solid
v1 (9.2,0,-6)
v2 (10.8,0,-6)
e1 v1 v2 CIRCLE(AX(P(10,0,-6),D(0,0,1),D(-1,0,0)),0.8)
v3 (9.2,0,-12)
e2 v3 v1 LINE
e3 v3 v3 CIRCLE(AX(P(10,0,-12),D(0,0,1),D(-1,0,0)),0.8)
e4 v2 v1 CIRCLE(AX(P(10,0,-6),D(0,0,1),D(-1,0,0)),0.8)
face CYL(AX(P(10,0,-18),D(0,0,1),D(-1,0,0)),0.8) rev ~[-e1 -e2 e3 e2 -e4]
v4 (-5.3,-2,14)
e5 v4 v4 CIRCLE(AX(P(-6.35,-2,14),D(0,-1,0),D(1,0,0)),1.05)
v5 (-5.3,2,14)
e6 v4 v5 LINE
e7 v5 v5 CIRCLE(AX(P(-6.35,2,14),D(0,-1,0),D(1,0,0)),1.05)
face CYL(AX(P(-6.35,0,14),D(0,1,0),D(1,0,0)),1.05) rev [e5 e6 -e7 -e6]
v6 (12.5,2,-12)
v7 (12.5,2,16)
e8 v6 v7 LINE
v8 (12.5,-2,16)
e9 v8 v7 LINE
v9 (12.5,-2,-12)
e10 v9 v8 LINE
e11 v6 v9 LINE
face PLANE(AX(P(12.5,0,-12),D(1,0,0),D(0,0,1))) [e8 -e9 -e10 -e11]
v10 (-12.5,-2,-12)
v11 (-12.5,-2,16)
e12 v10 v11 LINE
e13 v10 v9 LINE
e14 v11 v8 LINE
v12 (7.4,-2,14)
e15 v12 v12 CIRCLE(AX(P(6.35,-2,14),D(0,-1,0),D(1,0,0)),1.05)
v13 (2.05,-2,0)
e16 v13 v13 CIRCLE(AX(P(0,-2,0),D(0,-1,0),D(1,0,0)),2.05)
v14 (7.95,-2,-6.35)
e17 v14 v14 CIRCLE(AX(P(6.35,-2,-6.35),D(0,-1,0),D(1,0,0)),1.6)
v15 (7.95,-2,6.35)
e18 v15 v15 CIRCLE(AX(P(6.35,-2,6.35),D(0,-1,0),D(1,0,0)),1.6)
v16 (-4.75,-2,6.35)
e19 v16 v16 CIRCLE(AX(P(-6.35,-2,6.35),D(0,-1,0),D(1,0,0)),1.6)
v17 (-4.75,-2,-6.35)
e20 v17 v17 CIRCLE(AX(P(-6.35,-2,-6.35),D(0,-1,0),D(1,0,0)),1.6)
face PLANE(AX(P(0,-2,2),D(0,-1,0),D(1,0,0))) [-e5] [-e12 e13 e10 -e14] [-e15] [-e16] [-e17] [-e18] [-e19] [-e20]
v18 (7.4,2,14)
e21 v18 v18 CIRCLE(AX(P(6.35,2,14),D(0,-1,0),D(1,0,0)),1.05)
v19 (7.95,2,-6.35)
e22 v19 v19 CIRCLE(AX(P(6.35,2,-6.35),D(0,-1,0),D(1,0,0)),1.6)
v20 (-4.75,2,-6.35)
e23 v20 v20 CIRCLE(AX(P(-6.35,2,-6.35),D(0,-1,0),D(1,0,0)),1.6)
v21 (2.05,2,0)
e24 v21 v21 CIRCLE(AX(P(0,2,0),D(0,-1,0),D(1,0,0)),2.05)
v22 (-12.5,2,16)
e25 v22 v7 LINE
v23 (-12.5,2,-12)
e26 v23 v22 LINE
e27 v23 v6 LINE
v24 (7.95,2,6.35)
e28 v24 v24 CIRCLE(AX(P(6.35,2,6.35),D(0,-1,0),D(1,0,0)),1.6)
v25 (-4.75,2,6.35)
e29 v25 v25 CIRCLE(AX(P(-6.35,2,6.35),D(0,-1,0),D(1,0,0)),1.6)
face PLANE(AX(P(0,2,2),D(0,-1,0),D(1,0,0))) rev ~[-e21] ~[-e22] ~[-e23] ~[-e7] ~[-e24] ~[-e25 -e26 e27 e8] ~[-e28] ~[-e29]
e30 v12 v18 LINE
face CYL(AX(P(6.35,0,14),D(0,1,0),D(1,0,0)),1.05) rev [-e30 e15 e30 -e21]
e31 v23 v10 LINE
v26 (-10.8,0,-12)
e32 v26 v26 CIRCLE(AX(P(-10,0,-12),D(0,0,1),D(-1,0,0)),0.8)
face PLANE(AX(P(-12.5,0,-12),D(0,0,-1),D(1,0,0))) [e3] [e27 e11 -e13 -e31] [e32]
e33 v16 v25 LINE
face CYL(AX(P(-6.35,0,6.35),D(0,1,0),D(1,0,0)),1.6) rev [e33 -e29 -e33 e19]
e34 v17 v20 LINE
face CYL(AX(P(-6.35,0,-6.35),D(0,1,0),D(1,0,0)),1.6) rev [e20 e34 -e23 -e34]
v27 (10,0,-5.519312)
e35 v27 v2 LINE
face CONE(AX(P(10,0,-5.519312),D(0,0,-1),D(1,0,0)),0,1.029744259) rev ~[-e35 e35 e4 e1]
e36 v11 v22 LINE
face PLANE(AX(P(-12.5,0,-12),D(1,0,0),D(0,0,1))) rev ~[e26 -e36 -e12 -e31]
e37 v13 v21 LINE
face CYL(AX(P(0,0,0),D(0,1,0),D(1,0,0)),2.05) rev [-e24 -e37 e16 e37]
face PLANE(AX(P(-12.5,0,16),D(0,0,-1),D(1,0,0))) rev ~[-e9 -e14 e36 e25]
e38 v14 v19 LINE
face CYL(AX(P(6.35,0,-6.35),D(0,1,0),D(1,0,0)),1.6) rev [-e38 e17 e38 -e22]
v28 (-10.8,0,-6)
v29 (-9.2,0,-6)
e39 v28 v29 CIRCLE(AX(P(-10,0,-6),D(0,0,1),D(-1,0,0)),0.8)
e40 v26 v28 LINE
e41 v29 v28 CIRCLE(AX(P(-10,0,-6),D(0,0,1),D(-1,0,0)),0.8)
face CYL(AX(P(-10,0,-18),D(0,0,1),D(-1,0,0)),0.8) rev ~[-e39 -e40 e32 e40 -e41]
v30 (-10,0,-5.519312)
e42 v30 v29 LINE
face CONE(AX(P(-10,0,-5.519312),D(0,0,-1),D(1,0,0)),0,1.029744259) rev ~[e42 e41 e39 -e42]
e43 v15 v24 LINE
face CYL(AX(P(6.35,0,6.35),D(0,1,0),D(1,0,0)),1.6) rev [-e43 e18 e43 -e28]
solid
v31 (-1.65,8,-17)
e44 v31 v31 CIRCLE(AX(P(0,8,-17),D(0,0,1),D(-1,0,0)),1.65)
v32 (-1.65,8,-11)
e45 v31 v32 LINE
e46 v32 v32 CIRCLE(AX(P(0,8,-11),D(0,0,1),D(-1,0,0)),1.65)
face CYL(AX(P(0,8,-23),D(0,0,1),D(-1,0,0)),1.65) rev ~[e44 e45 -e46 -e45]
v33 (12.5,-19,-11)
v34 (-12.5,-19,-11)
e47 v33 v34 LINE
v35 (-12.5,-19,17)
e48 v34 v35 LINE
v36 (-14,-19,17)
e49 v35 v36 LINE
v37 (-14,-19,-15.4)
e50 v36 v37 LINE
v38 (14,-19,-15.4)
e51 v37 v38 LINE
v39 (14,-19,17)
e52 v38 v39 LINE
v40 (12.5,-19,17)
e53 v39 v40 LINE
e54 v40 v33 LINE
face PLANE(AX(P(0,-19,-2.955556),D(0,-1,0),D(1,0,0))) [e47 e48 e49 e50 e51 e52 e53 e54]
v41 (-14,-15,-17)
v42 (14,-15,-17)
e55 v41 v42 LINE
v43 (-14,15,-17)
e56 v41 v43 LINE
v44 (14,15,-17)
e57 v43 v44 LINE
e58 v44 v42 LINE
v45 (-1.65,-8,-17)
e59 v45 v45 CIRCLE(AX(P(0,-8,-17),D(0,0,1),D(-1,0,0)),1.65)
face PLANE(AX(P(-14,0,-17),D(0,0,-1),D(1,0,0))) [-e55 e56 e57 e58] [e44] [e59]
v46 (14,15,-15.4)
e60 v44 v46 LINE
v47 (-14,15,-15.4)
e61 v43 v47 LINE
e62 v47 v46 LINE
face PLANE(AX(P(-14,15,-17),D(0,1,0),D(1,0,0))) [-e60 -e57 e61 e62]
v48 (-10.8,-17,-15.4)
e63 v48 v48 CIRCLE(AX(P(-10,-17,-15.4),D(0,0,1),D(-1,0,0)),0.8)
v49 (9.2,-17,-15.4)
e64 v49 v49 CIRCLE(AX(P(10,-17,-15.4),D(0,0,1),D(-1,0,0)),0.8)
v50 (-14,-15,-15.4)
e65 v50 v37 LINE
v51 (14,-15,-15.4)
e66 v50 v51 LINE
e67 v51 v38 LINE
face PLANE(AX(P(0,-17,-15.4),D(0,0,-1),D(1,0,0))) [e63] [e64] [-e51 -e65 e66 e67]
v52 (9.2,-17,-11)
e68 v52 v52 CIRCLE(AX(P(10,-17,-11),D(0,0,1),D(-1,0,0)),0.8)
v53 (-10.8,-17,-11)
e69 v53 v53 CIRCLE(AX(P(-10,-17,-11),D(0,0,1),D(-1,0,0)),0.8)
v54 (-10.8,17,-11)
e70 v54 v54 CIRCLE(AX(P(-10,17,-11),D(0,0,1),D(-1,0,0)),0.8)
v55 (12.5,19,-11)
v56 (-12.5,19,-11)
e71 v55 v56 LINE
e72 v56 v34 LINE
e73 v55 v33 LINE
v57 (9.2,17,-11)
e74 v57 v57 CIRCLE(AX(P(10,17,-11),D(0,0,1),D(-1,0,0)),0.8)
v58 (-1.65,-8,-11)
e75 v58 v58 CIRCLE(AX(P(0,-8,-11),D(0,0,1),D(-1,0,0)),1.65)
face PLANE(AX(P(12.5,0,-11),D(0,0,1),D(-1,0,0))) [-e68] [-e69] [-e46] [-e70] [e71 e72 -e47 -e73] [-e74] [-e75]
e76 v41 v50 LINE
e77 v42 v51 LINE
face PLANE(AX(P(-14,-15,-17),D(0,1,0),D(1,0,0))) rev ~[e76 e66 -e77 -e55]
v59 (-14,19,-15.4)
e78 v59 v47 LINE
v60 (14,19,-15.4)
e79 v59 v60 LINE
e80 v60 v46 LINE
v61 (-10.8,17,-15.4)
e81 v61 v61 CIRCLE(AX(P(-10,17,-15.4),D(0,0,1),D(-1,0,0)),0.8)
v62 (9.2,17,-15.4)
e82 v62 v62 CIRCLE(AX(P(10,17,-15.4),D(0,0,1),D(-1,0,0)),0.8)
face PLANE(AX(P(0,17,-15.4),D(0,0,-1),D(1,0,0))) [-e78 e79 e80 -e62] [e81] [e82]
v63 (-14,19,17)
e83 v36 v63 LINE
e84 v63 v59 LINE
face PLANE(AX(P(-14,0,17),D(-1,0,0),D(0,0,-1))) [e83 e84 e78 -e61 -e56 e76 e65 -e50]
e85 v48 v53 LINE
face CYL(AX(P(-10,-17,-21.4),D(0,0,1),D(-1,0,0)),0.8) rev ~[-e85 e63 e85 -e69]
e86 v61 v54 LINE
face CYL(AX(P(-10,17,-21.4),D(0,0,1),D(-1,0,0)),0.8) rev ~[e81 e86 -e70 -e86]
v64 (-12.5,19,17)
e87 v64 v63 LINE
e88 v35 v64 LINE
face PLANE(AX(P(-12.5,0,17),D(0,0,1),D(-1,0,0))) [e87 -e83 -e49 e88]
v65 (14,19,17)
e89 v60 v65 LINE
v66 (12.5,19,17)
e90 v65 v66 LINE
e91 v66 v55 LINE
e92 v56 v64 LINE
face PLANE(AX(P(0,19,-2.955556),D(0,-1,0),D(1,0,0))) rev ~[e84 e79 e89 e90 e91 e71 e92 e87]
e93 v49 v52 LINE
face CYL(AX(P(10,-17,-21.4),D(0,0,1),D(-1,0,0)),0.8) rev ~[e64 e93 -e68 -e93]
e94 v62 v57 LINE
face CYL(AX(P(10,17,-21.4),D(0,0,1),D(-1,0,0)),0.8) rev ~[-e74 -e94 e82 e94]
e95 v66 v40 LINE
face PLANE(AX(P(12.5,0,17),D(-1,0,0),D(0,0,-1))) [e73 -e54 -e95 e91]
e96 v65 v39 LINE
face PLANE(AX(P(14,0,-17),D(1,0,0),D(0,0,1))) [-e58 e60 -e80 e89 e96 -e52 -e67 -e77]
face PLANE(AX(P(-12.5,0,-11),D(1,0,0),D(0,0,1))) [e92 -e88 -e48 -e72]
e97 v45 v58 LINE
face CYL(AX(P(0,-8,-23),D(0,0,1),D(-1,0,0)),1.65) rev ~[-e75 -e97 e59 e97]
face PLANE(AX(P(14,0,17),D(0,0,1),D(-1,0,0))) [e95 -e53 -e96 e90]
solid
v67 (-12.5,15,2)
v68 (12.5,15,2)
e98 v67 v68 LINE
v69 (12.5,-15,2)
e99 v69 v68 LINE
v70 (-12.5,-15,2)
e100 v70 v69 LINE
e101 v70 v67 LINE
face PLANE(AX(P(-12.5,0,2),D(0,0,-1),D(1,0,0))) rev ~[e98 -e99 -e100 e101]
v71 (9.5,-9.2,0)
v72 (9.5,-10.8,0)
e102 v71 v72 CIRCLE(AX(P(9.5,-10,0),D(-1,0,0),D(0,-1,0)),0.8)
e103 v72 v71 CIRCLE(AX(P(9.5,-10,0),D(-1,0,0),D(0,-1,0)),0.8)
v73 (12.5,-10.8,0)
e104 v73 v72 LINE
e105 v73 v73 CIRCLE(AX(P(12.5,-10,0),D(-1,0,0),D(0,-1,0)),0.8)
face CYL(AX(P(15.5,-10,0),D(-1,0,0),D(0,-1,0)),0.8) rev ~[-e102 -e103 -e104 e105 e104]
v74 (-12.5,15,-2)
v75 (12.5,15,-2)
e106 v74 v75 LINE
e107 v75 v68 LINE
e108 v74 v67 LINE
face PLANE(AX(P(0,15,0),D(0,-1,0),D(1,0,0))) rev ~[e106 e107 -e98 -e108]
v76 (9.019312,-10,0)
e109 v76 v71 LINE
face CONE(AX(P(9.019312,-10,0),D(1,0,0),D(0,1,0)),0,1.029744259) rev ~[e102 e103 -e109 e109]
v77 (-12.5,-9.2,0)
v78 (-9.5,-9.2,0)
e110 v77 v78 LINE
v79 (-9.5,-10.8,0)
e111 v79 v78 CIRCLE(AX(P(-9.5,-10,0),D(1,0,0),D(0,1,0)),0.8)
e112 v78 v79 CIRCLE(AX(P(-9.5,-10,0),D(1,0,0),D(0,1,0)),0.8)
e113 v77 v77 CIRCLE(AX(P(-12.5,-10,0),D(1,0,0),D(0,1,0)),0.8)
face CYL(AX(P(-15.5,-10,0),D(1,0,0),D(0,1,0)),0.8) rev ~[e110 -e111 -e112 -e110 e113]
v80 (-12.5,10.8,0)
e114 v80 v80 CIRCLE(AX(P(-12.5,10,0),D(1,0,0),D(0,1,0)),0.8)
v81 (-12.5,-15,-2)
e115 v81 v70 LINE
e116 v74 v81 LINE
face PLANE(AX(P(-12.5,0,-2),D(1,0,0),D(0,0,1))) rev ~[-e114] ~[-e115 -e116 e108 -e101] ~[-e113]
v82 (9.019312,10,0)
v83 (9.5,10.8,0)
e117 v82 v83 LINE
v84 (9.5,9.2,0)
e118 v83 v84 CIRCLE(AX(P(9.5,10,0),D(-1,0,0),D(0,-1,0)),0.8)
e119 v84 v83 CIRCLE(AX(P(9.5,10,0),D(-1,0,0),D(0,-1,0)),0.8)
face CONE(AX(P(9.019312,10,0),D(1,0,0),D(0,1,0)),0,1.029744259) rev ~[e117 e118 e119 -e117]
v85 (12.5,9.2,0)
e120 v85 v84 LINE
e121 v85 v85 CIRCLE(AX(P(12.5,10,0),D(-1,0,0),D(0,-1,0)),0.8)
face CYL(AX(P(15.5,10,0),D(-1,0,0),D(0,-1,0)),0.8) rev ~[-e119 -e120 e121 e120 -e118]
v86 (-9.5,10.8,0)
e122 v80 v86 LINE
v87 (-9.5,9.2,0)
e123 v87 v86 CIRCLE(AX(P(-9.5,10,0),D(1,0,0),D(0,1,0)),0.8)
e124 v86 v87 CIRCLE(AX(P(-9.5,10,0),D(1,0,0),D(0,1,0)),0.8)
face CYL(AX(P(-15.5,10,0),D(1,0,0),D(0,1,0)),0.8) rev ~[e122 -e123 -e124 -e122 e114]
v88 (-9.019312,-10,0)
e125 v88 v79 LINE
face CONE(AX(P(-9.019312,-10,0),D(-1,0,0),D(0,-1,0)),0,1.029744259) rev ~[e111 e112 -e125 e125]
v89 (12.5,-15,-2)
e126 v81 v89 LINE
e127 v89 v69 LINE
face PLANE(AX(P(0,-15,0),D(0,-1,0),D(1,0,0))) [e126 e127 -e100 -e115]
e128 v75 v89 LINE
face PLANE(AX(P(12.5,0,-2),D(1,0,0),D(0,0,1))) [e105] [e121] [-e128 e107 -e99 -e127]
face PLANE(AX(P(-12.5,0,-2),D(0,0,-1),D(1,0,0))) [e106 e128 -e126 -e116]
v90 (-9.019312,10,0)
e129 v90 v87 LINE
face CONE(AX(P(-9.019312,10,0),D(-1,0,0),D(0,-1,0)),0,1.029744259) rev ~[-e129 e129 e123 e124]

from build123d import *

# Parameters (mm, degrees)
F1_DEPTH         = 19
F2_W             = 25
F2_H             = 4
F3_DEPTH         = 15
F4_W             = 25
F4_H             = 28
F4_R             = 1.6
F4_R_2           = 2.05
F4_R_3           = 1.05
F5_DEPTH         = 2
F7_D             = 1.6
F7_DEPTH         = 6
F7_TIP           = 0.4806884952
F8_W             = 28
F8_H             = 4
F9_DEPTH         = 1.6
F10_D            = 1.6
F10_DEPTH        = 6
F10_START        = 1.6
F10_TIP          = 0.4806884952
F11_D            = 3.3
F11_DEPTH        = 6
F11_TIP          = 0.9914200214
F14_D            = 1.6
F14_DEPTH        = 3
F14_TIP          = 0.4806884952
F14_ON_F12_D     = 1.6
F14_ON_F12_DEPTH = 3
F14_ON_F12_TIP   = 0.4806884952


with BuildPart() as f1:
    # F0 (on Front) → F1 (new body, symmetric)
    with BuildSketch(Plane.XZ):
        Polygon((-14, -17), (14, -17), (14, 17), (12.5, 17), (12.5, -11), (-12.5, -11), (-12.5, 17), (-14, 17), align=None)
    extrude(amount=F1_DEPTH, both=True)

    # F8 (on face) → F9 (cut)
    with BuildSketch(Plane(origin=(0, 0, -17), x_dir=(1, 0, 0), z_dir=(0, 0, -1))):
        with Locations((0, -17)):
            Rectangle(F8_W, F8_H)
        with Locations((0, 17)):
            Rectangle(F8_W, F8_H)
    extrude(amount=-F9_DEPTH, mode=Mode.SUBTRACT)

    # F10
    # its depths count from where the whole tool has entered the part; down to there all is cleared
    with Locations(Plane(origin=(0, 0, -17), x_dir=(1, 0, 0), z_dir=(0, 0, -1)).offset(-F10_START)):
        with Locations((-10, -17), (10, -17), (-10, 17), (10, 17)):
            Hole(F10_D / 2, depth=F10_DEPTH)
            with Locations((0, 0, -(F10_DEPTH + F10_TIP / 2))):  # 118° drill point
                Cone(0, F10_D / 2, F10_TIP, mode=Mode.SUBTRACT)

    # F11
    with Locations(Plane(origin=(0, 0, -17), x_dir=(1, 0, 0), z_dir=(0, 0, -1))):
        with Locations((0, -8), (0, 8)):
            Hole(F11_D / 2, depth=F11_DEPTH)
            with Locations((0, 0, -(F11_DEPTH + F11_TIP / 2))):  # 118° drill point
                Cone(0, F11_D / 2, F11_TIP, mode=Mode.SUBTRACT)


with BuildPart() as f3:
    # F2 (on Front) → F3 (new body, symmetric)
    with BuildSketch(Plane.XZ):
        Rectangle(F2_W, F2_H)
    extrude(amount=F3_DEPTH, both=True)

    # F14
    with Locations(Plane.YZ.offset(12.5)):
        with Locations((-10, 0), (10, 0)):
            Hole(F14_D / 2, depth=F14_DEPTH)
            with Locations((0, 0, -(F14_DEPTH + F14_TIP / 2))):  # 118° drill point
                Cone(0, F14_D / 2, F14_TIP, mode=Mode.SUBTRACT)

    # F14 on F12
    with Locations(Plane(origin=(-12.5, 0, 0), x_dir=(0, -1, 0), z_dir=(-1, 0, 0))):
        with Locations((-10, 0), (10, 0)):
            Hole(F14_ON_F12_D / 2, depth=F14_ON_F12_DEPTH)
            with Locations((0, 0, -(F14_ON_F12_DEPTH + F14_ON_F12_TIP / 2))):  # 118° drill point
                Cone(0, F14_ON_F12_D / 2, F14_ON_F12_TIP, mode=Mode.SUBTRACT)


with BuildPart() as f5:
    # F4 (on Front) → F5 (new body, symmetric)
    with BuildSketch(Plane.XZ):
        with Locations((0, 2)):
            Rectangle(F4_W, F4_H)
        with Locations((-6.35, -6.35)):
            Circle(F4_R, mode=Mode.SUBTRACT)
        with Locations((6.35, -6.35)):
            Circle(F4_R, mode=Mode.SUBTRACT)
        Circle(F4_R_2, mode=Mode.SUBTRACT)
        with Locations((-6.35, 6.35)):
            Circle(F4_R, mode=Mode.SUBTRACT)
        with Locations((-6.35, 14)):
            Circle(F4_R_3, mode=Mode.SUBTRACT)
        with Locations((6.35, 6.35)):
            Circle(F4_R, mode=Mode.SUBTRACT)
        with Locations((6.35, 14)):
            Circle(F4_R_3, mode=Mode.SUBTRACT)
    extrude(amount=F5_DEPTH, both=True)

    # F7
    with Locations(Plane(origin=(0, 0, -12), x_dir=(1, 0, 0), z_dir=(0, 0, -1))):
        with Locations((-10, 0), (10, 0)):
            Hole(F7_D / 2, depth=F7_DEPTH)
            with Locations((0, 0, -(F7_DEPTH + F7_TIP / 2))):  # 118° drill point
                Cone(0, F7_D / 2, F7_TIP, mode=Mode.SUBTRACT)


solid = Compound([f1.part, f3.part, f5.part])
